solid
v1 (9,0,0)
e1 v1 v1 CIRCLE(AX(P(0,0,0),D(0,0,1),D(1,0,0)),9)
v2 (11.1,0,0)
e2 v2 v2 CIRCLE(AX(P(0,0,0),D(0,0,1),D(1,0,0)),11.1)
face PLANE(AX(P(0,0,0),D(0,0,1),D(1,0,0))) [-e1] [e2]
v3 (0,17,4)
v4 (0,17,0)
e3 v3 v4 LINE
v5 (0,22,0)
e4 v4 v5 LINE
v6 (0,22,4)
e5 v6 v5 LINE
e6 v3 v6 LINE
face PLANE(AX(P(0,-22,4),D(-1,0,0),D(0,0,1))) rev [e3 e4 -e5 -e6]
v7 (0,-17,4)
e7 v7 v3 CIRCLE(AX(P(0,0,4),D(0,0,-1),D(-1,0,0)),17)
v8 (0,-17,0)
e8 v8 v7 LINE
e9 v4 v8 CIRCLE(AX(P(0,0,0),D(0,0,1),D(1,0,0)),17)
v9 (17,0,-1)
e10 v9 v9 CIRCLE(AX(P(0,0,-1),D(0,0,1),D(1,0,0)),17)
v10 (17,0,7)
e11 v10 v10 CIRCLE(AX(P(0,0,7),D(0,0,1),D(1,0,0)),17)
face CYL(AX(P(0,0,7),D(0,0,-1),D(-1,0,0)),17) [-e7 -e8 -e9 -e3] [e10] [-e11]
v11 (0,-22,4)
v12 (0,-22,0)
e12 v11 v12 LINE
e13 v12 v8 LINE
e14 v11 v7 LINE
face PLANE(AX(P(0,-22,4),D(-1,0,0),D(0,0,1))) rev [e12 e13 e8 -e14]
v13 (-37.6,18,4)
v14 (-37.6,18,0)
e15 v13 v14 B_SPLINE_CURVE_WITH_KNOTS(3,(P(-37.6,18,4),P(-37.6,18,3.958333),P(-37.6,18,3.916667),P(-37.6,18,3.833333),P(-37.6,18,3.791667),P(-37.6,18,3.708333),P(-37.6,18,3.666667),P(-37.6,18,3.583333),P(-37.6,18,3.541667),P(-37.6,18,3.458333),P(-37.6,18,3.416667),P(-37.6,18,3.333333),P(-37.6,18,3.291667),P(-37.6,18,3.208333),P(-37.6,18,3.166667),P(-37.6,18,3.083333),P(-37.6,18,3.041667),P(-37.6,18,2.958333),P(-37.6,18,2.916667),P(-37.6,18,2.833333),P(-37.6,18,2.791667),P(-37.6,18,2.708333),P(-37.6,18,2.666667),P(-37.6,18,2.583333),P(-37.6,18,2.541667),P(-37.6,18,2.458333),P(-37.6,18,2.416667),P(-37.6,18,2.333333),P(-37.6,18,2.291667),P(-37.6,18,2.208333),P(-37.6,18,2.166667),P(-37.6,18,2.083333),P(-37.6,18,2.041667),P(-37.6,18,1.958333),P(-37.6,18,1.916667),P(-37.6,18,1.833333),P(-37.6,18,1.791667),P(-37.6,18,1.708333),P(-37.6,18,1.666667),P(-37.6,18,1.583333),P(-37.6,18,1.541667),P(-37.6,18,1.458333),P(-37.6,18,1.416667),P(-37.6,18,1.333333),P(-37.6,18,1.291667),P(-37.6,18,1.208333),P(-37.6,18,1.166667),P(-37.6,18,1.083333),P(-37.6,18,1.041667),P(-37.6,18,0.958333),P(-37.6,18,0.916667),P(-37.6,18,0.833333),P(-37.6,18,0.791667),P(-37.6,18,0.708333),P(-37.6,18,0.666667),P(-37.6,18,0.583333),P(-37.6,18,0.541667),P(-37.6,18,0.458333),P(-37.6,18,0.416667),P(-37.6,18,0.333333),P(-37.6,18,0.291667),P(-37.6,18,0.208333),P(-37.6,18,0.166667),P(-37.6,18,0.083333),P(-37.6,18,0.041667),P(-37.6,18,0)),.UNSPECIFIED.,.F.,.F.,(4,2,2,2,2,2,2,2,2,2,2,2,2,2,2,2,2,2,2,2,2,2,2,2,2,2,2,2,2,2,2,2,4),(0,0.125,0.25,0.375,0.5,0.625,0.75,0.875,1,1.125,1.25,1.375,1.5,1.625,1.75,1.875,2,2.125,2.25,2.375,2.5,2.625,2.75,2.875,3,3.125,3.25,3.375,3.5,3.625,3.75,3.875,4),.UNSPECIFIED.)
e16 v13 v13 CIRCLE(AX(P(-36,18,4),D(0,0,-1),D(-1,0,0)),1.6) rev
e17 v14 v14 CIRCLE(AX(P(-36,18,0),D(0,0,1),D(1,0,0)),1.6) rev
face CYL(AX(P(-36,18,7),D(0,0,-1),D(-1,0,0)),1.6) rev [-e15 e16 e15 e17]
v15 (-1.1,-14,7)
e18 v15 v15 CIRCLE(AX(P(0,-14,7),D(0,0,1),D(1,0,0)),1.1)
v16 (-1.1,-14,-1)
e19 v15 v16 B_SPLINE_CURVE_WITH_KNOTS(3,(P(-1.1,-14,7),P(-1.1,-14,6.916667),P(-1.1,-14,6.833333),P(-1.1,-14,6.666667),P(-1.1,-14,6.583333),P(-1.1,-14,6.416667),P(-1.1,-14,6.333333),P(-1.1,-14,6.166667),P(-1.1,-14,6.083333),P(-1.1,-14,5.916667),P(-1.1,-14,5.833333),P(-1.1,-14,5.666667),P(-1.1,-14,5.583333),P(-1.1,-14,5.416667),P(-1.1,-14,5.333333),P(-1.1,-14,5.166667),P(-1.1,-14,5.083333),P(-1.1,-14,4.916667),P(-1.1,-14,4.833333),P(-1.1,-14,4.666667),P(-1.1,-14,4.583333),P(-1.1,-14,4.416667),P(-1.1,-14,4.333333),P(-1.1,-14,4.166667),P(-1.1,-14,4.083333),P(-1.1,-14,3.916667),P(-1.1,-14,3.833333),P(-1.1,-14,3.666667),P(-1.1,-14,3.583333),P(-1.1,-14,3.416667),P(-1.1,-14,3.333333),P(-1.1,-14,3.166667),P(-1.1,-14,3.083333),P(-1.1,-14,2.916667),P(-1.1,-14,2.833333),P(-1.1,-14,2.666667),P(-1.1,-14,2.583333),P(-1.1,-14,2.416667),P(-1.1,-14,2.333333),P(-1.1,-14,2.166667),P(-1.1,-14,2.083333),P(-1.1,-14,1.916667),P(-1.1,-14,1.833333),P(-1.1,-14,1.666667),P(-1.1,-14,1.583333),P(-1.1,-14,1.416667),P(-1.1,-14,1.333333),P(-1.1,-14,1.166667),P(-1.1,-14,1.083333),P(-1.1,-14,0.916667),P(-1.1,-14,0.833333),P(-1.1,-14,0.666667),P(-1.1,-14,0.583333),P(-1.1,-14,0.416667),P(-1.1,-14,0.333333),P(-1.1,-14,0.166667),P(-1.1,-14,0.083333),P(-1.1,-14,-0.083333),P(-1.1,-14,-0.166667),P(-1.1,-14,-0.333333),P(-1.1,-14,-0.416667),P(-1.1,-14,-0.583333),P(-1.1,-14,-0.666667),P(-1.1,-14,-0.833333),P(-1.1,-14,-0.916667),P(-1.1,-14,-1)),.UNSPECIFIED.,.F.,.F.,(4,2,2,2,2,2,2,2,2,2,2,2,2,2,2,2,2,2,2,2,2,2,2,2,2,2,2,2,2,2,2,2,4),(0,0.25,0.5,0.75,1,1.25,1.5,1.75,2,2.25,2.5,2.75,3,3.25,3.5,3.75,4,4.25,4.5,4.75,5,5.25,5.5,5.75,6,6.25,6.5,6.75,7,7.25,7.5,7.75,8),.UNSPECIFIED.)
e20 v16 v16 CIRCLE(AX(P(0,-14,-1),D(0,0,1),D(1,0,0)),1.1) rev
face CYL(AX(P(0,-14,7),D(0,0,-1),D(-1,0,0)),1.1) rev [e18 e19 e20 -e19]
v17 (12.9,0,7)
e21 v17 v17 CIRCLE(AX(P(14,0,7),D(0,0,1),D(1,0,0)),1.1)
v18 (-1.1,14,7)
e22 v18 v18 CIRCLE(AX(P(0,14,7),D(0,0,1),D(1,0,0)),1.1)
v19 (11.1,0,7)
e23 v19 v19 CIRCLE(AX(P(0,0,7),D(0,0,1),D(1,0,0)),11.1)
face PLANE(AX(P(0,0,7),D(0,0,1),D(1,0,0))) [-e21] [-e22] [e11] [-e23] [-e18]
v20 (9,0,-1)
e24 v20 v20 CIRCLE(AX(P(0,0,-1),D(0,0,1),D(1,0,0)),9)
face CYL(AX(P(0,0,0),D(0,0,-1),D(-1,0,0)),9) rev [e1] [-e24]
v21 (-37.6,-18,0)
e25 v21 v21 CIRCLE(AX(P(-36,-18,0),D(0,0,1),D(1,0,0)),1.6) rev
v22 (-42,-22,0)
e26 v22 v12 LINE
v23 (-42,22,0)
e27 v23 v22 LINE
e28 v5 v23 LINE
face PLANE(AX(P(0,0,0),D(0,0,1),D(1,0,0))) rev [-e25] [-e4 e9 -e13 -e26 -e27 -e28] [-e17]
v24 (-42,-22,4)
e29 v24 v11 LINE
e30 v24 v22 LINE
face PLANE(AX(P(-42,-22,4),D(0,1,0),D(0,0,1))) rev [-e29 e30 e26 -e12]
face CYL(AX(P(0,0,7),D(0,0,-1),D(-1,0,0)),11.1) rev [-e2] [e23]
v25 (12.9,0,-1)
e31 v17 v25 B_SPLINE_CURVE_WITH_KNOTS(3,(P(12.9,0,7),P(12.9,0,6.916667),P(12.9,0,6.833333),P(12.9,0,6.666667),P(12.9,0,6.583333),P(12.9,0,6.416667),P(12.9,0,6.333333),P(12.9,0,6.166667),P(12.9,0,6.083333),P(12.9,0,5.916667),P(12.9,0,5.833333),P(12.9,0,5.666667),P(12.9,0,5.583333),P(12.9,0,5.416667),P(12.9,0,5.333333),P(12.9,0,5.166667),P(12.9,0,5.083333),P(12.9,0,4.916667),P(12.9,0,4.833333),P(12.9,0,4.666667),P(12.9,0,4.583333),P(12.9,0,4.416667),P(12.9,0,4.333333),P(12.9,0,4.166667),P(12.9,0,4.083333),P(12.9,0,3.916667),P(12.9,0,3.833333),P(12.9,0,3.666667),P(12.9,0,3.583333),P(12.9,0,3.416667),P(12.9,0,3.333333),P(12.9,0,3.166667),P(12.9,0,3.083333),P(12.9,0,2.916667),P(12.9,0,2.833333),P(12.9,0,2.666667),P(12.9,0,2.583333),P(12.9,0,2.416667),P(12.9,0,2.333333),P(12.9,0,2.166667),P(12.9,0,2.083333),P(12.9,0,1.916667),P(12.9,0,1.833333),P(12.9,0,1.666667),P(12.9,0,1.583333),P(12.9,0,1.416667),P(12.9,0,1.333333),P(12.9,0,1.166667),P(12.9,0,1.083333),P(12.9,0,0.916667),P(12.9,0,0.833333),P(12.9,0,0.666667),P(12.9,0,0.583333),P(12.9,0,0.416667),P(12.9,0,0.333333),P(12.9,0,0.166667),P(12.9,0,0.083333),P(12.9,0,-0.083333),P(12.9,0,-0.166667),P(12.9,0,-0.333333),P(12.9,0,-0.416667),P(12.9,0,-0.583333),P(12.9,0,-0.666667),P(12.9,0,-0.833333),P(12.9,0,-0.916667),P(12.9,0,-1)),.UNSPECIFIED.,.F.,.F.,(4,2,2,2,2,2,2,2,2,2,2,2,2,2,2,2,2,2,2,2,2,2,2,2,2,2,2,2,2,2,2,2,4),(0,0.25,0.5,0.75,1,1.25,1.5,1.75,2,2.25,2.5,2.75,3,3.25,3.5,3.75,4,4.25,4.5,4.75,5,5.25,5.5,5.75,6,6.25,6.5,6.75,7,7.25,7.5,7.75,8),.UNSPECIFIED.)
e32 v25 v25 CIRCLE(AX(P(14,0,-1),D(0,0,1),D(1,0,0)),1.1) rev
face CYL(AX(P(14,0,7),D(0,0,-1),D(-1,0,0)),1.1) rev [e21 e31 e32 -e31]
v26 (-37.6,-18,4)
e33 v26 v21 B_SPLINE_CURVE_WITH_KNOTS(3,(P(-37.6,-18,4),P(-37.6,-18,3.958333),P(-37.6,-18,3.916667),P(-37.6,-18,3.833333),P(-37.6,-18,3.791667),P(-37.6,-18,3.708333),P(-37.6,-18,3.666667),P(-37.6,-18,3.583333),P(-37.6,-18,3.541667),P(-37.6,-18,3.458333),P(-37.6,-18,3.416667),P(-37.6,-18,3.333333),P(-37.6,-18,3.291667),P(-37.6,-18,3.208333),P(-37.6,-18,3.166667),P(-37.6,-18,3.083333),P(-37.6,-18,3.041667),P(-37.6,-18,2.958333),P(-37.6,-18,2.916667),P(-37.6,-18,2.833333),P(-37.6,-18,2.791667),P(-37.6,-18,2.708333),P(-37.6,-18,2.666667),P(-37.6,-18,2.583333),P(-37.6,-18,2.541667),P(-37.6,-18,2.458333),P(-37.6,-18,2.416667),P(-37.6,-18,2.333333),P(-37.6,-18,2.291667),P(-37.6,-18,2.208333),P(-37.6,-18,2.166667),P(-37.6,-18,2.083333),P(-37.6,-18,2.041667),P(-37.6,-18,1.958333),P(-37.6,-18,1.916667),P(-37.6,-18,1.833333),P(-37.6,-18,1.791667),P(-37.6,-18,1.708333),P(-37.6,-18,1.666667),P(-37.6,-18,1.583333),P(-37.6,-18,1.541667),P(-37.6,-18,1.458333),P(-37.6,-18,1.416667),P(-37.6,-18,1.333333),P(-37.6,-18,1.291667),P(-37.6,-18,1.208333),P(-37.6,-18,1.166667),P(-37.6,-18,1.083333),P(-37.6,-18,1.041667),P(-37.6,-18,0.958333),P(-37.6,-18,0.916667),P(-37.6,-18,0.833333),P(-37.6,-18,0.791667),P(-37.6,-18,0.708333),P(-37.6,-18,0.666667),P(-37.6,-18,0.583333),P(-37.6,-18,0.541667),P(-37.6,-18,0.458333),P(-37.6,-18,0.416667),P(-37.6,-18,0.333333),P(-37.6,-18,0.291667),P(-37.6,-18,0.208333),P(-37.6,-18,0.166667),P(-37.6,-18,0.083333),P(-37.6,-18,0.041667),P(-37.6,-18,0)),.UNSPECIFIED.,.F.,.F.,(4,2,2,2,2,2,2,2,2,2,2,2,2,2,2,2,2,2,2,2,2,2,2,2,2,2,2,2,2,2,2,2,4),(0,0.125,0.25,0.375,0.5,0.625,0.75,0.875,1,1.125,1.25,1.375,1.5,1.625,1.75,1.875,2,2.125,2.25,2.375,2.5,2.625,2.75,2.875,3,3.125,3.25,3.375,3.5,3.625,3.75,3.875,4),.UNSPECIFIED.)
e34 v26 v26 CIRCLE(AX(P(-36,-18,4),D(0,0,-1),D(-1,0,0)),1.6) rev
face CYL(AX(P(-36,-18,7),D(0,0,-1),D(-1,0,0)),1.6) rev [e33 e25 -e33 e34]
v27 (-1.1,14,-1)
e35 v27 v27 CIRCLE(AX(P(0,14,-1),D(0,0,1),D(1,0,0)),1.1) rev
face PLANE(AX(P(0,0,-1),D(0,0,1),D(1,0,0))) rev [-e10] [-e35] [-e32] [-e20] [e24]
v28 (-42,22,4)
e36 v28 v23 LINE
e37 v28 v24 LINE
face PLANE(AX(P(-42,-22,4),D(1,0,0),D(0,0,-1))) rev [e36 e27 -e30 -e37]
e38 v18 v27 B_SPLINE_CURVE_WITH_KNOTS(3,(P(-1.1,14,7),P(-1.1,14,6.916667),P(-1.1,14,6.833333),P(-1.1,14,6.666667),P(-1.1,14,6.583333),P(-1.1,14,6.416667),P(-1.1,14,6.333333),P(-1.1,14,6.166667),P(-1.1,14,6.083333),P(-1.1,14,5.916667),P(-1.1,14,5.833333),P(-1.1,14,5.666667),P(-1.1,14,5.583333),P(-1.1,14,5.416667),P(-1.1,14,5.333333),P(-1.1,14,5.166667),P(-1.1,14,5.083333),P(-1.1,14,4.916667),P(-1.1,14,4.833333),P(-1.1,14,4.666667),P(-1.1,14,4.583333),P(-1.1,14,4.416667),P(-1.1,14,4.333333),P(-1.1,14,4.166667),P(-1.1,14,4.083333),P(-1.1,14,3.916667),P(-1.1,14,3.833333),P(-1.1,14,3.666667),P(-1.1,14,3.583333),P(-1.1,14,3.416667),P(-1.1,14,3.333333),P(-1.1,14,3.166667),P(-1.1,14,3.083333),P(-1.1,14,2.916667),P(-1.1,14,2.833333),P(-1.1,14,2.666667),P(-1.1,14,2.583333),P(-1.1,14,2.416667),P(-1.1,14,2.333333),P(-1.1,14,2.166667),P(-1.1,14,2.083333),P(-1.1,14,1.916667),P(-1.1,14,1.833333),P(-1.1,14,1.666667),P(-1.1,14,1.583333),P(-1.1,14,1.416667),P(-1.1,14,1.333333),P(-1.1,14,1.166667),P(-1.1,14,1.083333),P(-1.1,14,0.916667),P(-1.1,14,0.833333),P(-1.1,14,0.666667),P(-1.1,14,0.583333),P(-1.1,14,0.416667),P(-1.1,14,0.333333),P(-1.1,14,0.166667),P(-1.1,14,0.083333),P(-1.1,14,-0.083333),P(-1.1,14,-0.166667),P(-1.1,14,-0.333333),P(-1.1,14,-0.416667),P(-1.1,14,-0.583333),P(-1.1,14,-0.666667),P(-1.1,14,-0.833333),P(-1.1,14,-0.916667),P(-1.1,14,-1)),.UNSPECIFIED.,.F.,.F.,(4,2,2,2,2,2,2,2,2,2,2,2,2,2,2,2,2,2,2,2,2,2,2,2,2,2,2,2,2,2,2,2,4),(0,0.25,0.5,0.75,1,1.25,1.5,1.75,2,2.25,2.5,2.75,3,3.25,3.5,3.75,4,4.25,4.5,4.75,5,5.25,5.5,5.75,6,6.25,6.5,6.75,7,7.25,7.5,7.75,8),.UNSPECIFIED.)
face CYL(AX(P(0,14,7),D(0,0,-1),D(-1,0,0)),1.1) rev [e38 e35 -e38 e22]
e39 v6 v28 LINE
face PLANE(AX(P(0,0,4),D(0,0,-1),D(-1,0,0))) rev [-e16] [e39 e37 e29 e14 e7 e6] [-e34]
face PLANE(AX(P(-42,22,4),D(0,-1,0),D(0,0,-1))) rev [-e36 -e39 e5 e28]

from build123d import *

# Parameters (mm, degrees)
BEARING_HOUSING_PROFILE_R                  = 17
BEARING_HOUSING_PROFILE_R_2                = 11.1
BEARING_HOUSING_DEPTH                      = 7
MOUNTING_WEB_PROFILE_W                     = 42
MOUNTING_WEB_PROFILE_H                     = 44
MOUNTING_WEB_DEPTH                         = 4
BEARING_SEAT_START                         = -50
BEARING_SEAT_PROFILE_R                     = 11.1
BEARING_SEAT_DEPTH                         = 98.927027865
INNER_OUTER_RACE_RETAINING_LIP_START       = -1
INNER_OUTER_RACE_RETAINING_LIP_PROFILE_R   = 17
INNER_OUTER_RACE_RETAINING_LIP_PROFILE_R_2 = 9
INNER_OUTER_RACE_RETAINING_LIP_DEPTH       = 1
STANDOFF_FASTENERS_START                   = -50
STANDOFF_FASTENERS_PROFILE_R               = 1.6
STANDOFF_FASTENERS_DEPTH                   = 98.927027865
BEARING_KEEPER_FASTENERS_START             = -50
BEARING_KEEPER_FASTENERS_PROFILE_R         = 1.1
BEARING_KEEPER_FASTENERS_DEPTH             = 98.927027865


with BuildPart() as part:
    # Bearing_housing_profile → Bearing_housing (new body)
    with BuildSketch(Plane.XY):
        Circle(BEARING_HOUSING_PROFILE_R)
        Circle(BEARING_HOUSING_PROFILE_R_2, mode=Mode.SUBTRACT)
    extrude(amount=BEARING_HOUSING_DEPTH)

    # Mounting_web_profile → Mounting_web (add)
    with BuildSketch(Plane.XY):
        with Locations((-21, 0)):
            Rectangle(MOUNTING_WEB_PROFILE_W, MOUNTING_WEB_PROFILE_H)
    extrude(amount=MOUNTING_WEB_DEPTH)

    # Bearing_seat_profile → Bearing_seat (cut, through all)
    with BuildSketch(Plane.XY.offset(BEARING_SEAT_START)):
        Circle(BEARING_SEAT_PROFILE_R)
    extrude(amount=BEARING_SEAT_DEPTH, mode=Mode.SUBTRACT)

    # Inner_outer_race_retaining_lip_profile → Inner_outer_race_retaining_lip (add)
    with BuildSketch(Plane.XY.offset(INNER_OUTER_RACE_RETAINING_LIP_START)):
        Circle(INNER_OUTER_RACE_RETAINING_LIP_PROFILE_R)
        Circle(INNER_OUTER_RACE_RETAINING_LIP_PROFILE_R_2, mode=Mode.SUBTRACT)
    extrude(amount=INNER_OUTER_RACE_RETAINING_LIP_DEPTH)

    # Standoff_fasteners_profile → Standoff_fasteners (cut, through all)
    with BuildSketch(Plane.XY.offset(STANDOFF_FASTENERS_START)):
        with Locations(Location((-36, -18, 0), (0, 0, 180))):
            Circle(STANDOFF_FASTENERS_PROFILE_R)
        with Locations(Location((-36, 18, 0), (0, 0, 180))):
            Circle(STANDOFF_FASTENERS_PROFILE_R)
    extrude(amount=STANDOFF_FASTENERS_DEPTH, mode=Mode.SUBTRACT)

    # Bearing_keeper_fasteners_profile → Bearing_keeper_fasteners (cut, through all)
    with BuildSketch(Plane.XY.offset(BEARING_KEEPER_FASTENERS_START)):
        with Locations(Location((14, 0, 0), (0, 0, 180))):
            Circle(BEARING_KEEPER_FASTENERS_PROFILE_R)
        with Locations(Location((0, -14, 0), (0, 0, 180))):
            Circle(BEARING_KEEPER_FASTENERS_PROFILE_R)
        with Locations(Location((0, 14, 0), (0, 0, 180))):
            Circle(BEARING_KEEPER_FASTENERS_PROFILE_R)
    extrude(amount=BEARING_KEEPER_FASTENERS_DEPTH, mode=Mode.SUBTRACT)


solid = part.part
